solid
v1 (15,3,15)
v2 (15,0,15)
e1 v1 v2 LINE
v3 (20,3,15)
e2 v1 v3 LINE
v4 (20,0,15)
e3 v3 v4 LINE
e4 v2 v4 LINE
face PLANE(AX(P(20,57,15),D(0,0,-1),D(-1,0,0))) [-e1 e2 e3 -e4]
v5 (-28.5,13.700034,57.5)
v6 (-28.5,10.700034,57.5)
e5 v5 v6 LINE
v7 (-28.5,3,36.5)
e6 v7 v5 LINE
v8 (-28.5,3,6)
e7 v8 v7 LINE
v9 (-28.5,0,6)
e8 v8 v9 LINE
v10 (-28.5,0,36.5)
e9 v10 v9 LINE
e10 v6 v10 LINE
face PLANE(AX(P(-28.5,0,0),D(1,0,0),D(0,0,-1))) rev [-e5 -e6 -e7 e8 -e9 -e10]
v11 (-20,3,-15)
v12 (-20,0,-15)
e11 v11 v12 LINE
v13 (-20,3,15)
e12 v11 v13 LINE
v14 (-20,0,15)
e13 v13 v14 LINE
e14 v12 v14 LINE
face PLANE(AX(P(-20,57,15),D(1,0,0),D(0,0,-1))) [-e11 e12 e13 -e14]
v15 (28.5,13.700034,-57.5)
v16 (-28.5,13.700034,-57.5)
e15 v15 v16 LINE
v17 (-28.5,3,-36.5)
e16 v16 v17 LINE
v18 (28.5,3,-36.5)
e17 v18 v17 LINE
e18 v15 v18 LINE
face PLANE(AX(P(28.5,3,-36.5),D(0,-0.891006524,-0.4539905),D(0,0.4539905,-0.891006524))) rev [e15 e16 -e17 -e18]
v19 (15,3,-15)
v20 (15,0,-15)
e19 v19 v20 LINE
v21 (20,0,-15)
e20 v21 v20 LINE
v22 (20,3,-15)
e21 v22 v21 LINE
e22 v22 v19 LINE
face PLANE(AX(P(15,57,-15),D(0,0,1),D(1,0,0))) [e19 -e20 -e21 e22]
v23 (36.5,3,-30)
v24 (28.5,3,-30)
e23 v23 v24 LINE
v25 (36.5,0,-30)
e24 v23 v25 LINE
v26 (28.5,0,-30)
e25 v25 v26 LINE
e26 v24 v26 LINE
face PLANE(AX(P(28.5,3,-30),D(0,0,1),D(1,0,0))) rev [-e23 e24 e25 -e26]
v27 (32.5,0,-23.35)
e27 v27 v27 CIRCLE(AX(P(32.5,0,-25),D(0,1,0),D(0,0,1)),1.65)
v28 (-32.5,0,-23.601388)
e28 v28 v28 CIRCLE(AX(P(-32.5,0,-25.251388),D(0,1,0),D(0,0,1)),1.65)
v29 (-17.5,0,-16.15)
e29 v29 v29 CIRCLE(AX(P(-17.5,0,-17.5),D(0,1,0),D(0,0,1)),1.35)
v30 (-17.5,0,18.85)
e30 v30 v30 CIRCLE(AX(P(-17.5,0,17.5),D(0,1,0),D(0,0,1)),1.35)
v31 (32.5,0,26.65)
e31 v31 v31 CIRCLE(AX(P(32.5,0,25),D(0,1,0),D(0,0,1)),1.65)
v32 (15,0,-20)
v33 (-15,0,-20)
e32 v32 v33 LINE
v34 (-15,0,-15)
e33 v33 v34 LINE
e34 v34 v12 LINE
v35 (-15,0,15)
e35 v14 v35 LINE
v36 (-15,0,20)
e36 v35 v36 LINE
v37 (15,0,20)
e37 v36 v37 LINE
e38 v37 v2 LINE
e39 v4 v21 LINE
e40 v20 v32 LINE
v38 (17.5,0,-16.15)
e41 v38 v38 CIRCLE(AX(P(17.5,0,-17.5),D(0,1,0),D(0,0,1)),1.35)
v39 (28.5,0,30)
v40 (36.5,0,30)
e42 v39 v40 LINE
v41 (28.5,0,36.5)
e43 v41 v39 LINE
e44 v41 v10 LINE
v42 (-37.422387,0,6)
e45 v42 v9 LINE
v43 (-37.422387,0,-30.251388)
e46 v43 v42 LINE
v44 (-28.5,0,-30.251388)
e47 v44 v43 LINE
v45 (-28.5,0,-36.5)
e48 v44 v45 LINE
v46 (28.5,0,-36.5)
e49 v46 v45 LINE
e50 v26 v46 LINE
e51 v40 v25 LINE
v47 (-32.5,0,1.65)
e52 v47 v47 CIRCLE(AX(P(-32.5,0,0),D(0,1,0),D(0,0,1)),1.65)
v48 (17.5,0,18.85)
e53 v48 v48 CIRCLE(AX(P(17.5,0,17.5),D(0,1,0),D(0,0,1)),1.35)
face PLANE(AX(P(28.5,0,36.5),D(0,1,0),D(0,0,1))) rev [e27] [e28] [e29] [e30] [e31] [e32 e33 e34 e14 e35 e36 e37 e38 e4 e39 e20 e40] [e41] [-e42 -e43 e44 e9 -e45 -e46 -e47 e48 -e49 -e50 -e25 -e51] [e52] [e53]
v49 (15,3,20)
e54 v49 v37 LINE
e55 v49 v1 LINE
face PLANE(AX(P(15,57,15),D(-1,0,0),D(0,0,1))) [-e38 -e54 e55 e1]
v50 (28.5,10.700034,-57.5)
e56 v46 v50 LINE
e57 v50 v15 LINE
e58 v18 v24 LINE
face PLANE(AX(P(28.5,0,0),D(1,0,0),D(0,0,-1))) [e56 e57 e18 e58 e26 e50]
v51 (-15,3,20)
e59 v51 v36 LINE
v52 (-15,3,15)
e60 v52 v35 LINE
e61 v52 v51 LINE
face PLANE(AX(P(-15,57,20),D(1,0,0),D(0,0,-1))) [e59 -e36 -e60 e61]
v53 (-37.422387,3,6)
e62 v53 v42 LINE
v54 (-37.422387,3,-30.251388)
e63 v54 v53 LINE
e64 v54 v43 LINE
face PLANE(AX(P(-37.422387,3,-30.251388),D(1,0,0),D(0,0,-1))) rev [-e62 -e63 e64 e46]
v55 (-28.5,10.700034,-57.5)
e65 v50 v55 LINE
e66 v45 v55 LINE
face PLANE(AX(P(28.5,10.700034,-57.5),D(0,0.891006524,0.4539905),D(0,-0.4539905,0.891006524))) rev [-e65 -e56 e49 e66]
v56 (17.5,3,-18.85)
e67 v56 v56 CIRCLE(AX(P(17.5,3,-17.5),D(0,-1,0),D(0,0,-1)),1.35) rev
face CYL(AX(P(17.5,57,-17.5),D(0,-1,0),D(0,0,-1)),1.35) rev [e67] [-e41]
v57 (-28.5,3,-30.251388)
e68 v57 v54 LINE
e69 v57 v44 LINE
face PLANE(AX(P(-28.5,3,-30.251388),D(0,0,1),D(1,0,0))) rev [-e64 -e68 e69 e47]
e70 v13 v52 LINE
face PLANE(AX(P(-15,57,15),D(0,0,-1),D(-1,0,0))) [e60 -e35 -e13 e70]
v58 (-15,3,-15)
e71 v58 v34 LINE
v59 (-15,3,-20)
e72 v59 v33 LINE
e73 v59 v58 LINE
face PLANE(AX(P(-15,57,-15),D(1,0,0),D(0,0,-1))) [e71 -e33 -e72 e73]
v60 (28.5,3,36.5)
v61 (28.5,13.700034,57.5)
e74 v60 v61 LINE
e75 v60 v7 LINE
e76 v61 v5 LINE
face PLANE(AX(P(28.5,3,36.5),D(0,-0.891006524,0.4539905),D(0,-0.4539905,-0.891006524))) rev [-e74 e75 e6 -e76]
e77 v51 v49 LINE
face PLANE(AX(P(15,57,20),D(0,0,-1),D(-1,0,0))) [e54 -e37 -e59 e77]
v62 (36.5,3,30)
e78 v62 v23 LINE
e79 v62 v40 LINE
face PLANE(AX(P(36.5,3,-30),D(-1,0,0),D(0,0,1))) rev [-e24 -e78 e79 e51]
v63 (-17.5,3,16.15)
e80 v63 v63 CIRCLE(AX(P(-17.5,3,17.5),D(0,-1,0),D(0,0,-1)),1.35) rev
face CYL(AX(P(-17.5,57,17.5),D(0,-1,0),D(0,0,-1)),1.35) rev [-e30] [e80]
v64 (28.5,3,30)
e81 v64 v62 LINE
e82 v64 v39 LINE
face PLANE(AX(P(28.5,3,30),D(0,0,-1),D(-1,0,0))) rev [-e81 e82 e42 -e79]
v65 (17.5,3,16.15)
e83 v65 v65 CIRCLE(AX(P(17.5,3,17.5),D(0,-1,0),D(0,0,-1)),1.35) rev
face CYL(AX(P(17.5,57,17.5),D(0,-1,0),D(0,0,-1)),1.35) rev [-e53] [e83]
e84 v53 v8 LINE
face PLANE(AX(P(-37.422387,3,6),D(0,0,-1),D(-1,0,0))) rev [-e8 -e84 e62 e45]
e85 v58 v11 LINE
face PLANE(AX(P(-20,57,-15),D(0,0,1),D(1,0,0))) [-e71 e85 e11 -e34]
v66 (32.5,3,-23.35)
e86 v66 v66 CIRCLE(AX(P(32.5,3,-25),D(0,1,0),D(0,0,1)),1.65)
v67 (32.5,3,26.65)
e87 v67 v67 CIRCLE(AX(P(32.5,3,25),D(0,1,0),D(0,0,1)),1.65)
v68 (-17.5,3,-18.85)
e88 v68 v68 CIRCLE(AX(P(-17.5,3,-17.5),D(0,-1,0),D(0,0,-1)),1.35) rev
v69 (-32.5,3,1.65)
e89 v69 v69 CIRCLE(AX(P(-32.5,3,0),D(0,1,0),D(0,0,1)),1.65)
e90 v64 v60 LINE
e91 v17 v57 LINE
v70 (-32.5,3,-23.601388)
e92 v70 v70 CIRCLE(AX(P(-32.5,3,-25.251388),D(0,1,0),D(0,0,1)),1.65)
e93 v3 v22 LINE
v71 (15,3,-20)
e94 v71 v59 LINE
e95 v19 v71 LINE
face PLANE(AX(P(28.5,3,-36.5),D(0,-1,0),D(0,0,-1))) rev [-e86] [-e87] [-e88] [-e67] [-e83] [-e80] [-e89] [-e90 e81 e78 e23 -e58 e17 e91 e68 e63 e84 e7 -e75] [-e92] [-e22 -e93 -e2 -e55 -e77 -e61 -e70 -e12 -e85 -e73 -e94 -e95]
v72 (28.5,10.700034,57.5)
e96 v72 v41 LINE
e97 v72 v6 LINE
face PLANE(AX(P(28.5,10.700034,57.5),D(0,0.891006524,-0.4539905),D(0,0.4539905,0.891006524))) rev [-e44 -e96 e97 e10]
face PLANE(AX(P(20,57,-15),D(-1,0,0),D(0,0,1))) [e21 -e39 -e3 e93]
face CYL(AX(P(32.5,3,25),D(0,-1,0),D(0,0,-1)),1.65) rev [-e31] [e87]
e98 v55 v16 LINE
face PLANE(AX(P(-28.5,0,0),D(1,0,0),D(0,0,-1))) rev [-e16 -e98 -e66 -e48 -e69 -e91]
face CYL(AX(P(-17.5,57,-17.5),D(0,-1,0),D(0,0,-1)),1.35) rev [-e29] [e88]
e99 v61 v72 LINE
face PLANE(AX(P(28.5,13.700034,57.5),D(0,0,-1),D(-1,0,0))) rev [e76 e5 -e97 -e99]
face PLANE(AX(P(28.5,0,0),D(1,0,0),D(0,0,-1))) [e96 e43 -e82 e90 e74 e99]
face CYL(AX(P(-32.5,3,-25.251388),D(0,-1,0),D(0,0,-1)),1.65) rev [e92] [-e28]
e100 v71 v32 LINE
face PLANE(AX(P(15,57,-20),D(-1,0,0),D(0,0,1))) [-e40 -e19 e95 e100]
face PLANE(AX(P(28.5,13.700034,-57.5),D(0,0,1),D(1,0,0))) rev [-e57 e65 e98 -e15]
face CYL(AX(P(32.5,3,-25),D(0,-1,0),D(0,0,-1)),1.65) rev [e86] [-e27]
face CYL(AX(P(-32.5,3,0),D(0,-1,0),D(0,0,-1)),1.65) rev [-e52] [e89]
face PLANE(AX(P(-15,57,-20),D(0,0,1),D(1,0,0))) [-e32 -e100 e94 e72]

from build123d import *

# Parameters (mm, degrees)
BOSS_EXTRUDE1_DEPTH = 28.5
SKETCH2_R           = 1.35
CUT_EXTRUDE1_DEPTH  = 57
SKETCH3_W           = 8.922387131
SKETCH3_H           = 36.251387657
SKETCH3_R           = 1.65
SKETCH3_W_2         = 8
SKETCH3_H_2         = 60
BOSS_EXTRUDE2_DEPTH = 3


with BuildPart() as part:
    # Sketch1 → Boss-Extrude1 (new body, symmetric)
    with BuildSketch(Plane(origin=(0, 0, 0), x_dir=(0, 0, -1), z_dir=(1, 0, 0))):
        Polygon((-36.5, 0), (36.5, 0), (57.5, 10.700034439), (57.5, 13.700034439), (36.5, 3), (-36.5, 3), (-57.5, 13.700034439), (-57.5, 10.700034439), align=None)
    extrude(amount=BOSS_EXTRUDE1_DEPTH, both=True)

    # Sketch2 → Cut-Extrude1 (cut)
    with BuildSketch(Plane(origin=(0, 0, 0), x_dir=(1, 0, 0), z_dir=(0, 1, 0))):
        with Locations((-17.5, 17.5)):
            Circle(SKETCH2_R)
        with Locations((17.5, 17.5)):
            Circle(SKETCH2_R)
        with Locations((17.5, -17.5)):
            Circle(SKETCH2_R)
        with Locations((-17.5, -17.5)):
            Circle(SKETCH2_R)
        Polygon((-15, 20), (15, 20), (15, 15), (20, 15), (20, -15), (15, -15), (15, -20), (-15, -20), (-15, -15), (-20, -15), (-20, 15), (-15, 15), align=None)
    extrude(amount=CUT_EXTRUDE1_DEPTH, mode=Mode.SUBTRACT)

    # Sketch3 → Boss-Extrude2 (add)
    with BuildSketch(Plane(origin=(0, 0, 0), x_dir=(1, 0, 0), z_dir=(0, 1, 0))):
        with Locations((-32.961193565, 12.125693829)):
            Rectangle(SKETCH3_W, SKETCH3_H)
        with Locations((-32.5, 0)):
            Circle(SKETCH3_R, mode=Mode.SUBTRACT)
        with Locations((-32.5, 25.251387657)):
            Circle(SKETCH3_R, mode=Mode.SUBTRACT)
        with Locations((32.5, 0)):
            Rectangle(SKETCH3_W_2, SKETCH3_H_2)
        with Locations((32.5, -25)):
            Circle(SKETCH3_R, mode=Mode.SUBTRACT)
        with Locations((32.5, 25)):
            Circle(SKETCH3_R, mode=Mode.SUBTRACT)
    extrude(amount=BOSS_EXTRUDE2_DEPTH)


solid = part.part
